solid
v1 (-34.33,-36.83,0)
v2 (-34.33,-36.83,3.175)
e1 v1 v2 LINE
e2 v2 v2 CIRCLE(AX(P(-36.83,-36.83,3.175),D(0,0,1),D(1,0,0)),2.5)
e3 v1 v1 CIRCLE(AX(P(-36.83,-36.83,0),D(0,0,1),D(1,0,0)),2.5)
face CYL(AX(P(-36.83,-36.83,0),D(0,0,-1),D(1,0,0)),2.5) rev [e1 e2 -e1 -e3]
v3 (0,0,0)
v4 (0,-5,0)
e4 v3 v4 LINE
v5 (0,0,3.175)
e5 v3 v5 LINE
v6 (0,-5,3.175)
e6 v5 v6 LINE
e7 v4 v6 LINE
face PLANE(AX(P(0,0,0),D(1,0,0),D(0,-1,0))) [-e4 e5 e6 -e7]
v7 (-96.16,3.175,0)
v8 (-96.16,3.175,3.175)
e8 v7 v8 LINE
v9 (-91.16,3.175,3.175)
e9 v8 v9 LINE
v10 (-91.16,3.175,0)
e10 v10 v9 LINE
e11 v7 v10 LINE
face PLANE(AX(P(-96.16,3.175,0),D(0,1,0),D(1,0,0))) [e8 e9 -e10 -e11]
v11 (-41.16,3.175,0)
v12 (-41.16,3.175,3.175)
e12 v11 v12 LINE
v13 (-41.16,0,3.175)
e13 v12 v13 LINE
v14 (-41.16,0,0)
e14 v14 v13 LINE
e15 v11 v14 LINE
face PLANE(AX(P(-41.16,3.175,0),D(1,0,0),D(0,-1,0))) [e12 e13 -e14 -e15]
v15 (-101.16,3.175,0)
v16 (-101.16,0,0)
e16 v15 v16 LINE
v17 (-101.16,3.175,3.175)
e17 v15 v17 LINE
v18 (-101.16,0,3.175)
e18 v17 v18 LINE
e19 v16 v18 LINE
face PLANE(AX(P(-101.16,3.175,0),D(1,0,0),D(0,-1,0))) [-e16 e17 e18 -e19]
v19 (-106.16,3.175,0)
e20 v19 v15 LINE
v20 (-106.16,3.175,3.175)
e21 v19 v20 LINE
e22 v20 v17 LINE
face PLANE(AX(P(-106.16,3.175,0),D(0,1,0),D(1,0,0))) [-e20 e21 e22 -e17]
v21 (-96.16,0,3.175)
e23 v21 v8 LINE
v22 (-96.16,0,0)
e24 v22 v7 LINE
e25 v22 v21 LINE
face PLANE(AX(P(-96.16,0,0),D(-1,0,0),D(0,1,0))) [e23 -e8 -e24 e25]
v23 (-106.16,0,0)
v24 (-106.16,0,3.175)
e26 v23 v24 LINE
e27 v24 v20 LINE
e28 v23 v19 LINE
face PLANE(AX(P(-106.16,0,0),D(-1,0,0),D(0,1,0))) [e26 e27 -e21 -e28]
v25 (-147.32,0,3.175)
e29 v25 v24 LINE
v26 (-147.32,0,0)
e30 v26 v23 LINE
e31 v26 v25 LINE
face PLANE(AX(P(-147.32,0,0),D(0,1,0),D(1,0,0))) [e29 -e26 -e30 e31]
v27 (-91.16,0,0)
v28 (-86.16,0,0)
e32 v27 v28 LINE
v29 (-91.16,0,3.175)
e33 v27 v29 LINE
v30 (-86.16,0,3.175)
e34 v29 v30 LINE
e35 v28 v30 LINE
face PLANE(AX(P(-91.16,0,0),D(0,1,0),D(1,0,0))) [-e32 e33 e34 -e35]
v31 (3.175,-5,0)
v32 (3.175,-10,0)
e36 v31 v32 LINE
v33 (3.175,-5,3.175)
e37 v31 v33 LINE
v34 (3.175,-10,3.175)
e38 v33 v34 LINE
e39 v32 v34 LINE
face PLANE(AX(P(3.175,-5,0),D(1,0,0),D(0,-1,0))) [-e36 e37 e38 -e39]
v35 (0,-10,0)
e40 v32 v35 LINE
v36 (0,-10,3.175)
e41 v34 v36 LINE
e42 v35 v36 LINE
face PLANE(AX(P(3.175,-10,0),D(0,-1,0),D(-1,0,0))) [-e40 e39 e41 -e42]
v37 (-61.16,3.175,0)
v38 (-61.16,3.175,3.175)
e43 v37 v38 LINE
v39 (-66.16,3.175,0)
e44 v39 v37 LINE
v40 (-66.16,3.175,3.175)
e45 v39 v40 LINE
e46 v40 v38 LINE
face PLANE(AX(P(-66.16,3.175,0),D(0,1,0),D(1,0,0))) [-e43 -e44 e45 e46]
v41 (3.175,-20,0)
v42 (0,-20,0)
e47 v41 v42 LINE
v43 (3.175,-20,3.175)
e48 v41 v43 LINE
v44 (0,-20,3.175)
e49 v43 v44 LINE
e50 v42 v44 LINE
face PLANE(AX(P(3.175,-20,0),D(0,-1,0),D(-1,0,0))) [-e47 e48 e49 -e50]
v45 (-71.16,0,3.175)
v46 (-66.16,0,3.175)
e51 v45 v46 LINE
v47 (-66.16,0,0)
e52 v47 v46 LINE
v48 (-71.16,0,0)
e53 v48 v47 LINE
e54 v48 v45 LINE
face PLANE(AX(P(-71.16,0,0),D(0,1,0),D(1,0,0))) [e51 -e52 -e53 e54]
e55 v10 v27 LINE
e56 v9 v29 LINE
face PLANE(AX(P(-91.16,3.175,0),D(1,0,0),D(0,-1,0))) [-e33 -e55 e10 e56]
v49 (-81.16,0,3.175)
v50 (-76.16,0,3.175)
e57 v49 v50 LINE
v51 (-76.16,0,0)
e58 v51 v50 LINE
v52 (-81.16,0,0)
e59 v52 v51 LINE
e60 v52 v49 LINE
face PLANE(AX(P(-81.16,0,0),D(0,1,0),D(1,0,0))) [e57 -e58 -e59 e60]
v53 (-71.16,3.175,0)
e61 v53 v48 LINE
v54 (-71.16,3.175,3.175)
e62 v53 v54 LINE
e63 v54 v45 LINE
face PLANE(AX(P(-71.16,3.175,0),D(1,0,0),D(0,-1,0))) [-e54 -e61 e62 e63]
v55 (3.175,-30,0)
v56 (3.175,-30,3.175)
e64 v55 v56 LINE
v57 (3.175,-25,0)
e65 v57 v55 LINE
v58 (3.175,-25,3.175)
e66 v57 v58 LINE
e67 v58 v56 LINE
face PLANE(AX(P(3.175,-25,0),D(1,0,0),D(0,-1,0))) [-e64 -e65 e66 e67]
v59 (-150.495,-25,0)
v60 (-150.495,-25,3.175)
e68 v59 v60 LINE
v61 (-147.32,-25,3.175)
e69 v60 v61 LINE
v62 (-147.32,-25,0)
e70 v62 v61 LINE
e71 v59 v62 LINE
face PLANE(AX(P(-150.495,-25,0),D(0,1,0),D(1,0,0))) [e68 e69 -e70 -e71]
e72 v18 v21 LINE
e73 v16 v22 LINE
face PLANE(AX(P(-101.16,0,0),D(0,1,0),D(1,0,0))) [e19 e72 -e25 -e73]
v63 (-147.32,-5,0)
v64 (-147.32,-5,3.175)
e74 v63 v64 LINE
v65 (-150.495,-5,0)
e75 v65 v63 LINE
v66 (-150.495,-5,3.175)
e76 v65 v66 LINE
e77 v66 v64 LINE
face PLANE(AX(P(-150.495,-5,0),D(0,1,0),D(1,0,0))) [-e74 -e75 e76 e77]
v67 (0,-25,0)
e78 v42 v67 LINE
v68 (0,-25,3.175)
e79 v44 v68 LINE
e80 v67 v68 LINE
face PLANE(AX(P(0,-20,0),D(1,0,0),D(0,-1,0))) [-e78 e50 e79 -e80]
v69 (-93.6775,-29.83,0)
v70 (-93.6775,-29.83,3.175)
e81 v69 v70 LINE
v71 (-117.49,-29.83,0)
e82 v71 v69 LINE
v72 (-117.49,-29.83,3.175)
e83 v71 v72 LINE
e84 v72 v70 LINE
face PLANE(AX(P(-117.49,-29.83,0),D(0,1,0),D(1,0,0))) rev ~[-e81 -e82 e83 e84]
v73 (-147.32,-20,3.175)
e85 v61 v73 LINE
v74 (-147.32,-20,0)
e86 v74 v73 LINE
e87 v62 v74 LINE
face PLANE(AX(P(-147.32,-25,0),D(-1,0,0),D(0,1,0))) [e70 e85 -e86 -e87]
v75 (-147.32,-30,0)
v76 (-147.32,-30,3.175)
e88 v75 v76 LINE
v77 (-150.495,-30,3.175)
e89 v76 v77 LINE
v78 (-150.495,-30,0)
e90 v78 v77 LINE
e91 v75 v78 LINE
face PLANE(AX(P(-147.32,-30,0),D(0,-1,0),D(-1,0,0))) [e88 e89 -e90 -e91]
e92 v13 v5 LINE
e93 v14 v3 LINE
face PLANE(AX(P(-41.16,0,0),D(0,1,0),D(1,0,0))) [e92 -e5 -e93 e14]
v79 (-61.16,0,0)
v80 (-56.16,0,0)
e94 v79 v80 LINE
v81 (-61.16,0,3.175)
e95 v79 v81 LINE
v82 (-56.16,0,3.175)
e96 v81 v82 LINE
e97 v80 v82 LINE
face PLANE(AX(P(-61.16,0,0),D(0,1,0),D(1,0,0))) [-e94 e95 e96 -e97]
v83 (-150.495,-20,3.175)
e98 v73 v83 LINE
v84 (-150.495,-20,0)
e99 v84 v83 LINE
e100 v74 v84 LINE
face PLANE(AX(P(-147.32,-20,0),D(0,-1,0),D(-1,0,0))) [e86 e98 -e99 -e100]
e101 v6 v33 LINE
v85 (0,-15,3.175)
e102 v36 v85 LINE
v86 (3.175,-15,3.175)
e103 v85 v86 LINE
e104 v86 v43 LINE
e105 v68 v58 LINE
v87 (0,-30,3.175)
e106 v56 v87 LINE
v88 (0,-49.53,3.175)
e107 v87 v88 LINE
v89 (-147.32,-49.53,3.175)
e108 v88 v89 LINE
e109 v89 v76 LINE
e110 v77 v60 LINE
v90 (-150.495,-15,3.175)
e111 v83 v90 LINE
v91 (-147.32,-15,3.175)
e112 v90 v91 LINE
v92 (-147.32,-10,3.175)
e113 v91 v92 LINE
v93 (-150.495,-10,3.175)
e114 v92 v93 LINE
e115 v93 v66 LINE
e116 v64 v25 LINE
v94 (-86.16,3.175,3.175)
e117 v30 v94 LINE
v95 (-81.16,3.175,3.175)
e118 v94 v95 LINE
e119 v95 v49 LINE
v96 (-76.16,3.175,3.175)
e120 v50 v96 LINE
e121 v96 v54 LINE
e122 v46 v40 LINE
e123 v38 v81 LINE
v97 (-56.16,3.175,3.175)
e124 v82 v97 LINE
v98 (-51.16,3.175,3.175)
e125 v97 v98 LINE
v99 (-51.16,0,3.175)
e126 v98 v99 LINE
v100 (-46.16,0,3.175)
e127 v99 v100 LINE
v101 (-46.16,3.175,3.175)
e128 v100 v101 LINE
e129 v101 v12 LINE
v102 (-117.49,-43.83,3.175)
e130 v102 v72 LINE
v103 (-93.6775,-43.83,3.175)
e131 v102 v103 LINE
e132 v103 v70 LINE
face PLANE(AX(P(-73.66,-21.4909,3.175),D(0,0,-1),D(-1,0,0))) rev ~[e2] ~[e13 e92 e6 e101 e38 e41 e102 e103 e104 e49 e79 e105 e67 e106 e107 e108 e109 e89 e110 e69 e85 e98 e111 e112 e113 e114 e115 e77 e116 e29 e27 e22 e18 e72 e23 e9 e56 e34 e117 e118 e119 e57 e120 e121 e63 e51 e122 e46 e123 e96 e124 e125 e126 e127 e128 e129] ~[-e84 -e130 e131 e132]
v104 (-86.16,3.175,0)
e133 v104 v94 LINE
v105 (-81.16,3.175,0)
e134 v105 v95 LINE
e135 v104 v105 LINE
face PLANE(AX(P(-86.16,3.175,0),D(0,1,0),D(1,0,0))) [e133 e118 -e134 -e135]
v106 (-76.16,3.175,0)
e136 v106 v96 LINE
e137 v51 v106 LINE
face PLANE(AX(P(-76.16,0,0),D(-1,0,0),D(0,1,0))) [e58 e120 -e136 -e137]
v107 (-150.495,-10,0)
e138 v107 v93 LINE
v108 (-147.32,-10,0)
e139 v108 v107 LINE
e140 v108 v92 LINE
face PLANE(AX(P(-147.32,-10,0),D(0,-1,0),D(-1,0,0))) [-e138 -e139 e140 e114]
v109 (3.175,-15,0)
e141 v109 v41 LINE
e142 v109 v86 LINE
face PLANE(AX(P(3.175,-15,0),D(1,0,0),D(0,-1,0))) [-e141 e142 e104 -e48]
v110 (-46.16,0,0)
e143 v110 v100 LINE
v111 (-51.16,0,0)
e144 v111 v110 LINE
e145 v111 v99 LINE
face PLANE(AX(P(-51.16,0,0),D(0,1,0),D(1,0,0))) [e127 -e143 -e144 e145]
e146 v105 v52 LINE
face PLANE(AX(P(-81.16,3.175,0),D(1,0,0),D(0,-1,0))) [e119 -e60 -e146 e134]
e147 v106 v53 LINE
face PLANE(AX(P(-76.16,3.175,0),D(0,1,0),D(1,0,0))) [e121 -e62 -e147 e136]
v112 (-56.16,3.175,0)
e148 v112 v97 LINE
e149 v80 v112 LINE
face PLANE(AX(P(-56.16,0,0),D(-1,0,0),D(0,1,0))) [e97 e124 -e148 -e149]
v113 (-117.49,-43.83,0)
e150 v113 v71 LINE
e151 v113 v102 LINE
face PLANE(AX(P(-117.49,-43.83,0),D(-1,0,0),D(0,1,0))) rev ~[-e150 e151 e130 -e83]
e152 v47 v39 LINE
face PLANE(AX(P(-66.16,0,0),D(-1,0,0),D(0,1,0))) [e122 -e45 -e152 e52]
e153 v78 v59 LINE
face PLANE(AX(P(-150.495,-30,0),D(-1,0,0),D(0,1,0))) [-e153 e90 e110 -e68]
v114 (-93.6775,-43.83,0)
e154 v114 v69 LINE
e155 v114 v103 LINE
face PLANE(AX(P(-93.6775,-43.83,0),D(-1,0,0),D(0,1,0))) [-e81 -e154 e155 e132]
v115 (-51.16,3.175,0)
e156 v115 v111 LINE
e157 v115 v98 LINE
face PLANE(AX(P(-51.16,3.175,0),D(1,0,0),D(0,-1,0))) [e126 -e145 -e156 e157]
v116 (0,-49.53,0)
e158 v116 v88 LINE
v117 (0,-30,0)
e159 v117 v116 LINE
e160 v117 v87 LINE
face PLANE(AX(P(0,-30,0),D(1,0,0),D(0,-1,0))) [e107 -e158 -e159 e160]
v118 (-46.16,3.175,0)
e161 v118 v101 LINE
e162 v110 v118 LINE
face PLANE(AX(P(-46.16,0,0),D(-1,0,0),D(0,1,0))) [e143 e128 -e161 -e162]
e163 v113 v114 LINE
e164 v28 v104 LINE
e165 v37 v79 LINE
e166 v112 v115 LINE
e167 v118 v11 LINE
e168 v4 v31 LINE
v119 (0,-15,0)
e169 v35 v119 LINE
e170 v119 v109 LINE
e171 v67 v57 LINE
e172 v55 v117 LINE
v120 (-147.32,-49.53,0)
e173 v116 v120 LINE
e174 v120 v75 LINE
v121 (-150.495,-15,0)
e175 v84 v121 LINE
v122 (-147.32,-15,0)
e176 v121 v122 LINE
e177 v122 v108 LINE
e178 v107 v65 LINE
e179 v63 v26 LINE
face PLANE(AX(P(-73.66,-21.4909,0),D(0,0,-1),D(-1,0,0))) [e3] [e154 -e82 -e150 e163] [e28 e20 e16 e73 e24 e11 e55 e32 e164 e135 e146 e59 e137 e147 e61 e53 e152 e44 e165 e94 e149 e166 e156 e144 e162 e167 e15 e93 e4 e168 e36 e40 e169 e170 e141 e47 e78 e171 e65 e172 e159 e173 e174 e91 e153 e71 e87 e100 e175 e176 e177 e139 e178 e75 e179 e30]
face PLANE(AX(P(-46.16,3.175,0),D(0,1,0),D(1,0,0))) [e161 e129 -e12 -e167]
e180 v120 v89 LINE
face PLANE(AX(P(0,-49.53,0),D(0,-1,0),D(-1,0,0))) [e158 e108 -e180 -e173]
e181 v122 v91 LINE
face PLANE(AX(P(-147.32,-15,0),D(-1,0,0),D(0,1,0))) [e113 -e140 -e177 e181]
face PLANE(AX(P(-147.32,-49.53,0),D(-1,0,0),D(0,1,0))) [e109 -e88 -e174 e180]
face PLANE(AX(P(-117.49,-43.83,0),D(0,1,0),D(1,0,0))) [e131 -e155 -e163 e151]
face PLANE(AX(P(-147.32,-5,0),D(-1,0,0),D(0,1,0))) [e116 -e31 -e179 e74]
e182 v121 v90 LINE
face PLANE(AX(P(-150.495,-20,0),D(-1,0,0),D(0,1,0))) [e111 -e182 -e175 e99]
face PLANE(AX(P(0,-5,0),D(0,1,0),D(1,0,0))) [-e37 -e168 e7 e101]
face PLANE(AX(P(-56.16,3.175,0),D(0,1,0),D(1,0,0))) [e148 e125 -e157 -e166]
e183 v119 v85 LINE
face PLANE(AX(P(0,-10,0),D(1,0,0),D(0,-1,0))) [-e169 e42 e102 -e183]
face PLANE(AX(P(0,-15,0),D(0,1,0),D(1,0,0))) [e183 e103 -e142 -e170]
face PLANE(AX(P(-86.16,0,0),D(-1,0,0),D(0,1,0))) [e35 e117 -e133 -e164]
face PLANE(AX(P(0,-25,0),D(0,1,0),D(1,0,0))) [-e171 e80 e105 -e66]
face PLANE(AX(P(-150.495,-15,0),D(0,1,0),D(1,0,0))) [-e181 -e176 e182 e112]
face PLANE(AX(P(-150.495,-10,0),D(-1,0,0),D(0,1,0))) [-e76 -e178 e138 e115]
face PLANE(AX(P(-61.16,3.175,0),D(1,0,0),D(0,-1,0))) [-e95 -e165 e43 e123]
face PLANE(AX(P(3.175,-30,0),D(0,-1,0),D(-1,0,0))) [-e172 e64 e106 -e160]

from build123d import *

# Parameters (mm, degrees)
SKETCH1_R           = 2.5
SKETCH1_W           = 23.8125
SKETCH1_H           = 14
BOSS_EXTRUDE1_DEPTH = 3.175


with BuildPart() as part:
    # Sketch1 → Boss-Extrude1 (new body)
    with BuildSketch(Plane.XY):
        Polygon((-147.32, 0), (-106.16, 0), (-106.16, 3.175), (-101.16, 3.175), (-101.16, 0), (-96.16, 0), (-96.16, 3.175), (-91.16, 3.175), (-91.16, 0), (-86.16, 0), (-86.16, 3.175), (-81.16, 3.175), (-81.16, 0), (-76.16, 0), (-76.16, 3.175), (-71.16, 3.175), (-71.16, 0), (-66.16, 0), (-66.16, 3.175), (-61.16, 3.175), (-61.16, 0), (-56.16, 0), (-56.16, 3.175), (-51.16, 3.175), (-51.16, 0), (-46.16, 0), (-46.16, 3.175), (-41.16, 3.175), (-41.16, 0), (0, 0), (0, -5), (3.175, -5), (3.175, -10), (0, -10), (0, -15), (3.175, -15), (3.175, -20), (0, -20), (0, -25), (3.175, -25), (3.175, -30), (0, -30), (0, -49.53), (-147.32, -49.53), (-147.32, -30), (-150.495, -30), (-150.495, -25), (-147.32, -25), (-147.32, -20), (-150.495, -20), (-150.495, -15), (-147.32, -15), (-147.32, -10), (-150.495, -10), (-150.495, -5), (-147.32, -5), align=None)
        with Locations((-36.83, -36.83)):
            Circle(SKETCH1_R, mode=Mode.SUBTRACT)
        with Locations((-105.58375, -36.83)):
            Rectangle(SKETCH1_W, SKETCH1_H, mode=Mode.SUBTRACT)
    extrude(amount=BOSS_EXTRUDE1_DEPTH)


solid = part.part
